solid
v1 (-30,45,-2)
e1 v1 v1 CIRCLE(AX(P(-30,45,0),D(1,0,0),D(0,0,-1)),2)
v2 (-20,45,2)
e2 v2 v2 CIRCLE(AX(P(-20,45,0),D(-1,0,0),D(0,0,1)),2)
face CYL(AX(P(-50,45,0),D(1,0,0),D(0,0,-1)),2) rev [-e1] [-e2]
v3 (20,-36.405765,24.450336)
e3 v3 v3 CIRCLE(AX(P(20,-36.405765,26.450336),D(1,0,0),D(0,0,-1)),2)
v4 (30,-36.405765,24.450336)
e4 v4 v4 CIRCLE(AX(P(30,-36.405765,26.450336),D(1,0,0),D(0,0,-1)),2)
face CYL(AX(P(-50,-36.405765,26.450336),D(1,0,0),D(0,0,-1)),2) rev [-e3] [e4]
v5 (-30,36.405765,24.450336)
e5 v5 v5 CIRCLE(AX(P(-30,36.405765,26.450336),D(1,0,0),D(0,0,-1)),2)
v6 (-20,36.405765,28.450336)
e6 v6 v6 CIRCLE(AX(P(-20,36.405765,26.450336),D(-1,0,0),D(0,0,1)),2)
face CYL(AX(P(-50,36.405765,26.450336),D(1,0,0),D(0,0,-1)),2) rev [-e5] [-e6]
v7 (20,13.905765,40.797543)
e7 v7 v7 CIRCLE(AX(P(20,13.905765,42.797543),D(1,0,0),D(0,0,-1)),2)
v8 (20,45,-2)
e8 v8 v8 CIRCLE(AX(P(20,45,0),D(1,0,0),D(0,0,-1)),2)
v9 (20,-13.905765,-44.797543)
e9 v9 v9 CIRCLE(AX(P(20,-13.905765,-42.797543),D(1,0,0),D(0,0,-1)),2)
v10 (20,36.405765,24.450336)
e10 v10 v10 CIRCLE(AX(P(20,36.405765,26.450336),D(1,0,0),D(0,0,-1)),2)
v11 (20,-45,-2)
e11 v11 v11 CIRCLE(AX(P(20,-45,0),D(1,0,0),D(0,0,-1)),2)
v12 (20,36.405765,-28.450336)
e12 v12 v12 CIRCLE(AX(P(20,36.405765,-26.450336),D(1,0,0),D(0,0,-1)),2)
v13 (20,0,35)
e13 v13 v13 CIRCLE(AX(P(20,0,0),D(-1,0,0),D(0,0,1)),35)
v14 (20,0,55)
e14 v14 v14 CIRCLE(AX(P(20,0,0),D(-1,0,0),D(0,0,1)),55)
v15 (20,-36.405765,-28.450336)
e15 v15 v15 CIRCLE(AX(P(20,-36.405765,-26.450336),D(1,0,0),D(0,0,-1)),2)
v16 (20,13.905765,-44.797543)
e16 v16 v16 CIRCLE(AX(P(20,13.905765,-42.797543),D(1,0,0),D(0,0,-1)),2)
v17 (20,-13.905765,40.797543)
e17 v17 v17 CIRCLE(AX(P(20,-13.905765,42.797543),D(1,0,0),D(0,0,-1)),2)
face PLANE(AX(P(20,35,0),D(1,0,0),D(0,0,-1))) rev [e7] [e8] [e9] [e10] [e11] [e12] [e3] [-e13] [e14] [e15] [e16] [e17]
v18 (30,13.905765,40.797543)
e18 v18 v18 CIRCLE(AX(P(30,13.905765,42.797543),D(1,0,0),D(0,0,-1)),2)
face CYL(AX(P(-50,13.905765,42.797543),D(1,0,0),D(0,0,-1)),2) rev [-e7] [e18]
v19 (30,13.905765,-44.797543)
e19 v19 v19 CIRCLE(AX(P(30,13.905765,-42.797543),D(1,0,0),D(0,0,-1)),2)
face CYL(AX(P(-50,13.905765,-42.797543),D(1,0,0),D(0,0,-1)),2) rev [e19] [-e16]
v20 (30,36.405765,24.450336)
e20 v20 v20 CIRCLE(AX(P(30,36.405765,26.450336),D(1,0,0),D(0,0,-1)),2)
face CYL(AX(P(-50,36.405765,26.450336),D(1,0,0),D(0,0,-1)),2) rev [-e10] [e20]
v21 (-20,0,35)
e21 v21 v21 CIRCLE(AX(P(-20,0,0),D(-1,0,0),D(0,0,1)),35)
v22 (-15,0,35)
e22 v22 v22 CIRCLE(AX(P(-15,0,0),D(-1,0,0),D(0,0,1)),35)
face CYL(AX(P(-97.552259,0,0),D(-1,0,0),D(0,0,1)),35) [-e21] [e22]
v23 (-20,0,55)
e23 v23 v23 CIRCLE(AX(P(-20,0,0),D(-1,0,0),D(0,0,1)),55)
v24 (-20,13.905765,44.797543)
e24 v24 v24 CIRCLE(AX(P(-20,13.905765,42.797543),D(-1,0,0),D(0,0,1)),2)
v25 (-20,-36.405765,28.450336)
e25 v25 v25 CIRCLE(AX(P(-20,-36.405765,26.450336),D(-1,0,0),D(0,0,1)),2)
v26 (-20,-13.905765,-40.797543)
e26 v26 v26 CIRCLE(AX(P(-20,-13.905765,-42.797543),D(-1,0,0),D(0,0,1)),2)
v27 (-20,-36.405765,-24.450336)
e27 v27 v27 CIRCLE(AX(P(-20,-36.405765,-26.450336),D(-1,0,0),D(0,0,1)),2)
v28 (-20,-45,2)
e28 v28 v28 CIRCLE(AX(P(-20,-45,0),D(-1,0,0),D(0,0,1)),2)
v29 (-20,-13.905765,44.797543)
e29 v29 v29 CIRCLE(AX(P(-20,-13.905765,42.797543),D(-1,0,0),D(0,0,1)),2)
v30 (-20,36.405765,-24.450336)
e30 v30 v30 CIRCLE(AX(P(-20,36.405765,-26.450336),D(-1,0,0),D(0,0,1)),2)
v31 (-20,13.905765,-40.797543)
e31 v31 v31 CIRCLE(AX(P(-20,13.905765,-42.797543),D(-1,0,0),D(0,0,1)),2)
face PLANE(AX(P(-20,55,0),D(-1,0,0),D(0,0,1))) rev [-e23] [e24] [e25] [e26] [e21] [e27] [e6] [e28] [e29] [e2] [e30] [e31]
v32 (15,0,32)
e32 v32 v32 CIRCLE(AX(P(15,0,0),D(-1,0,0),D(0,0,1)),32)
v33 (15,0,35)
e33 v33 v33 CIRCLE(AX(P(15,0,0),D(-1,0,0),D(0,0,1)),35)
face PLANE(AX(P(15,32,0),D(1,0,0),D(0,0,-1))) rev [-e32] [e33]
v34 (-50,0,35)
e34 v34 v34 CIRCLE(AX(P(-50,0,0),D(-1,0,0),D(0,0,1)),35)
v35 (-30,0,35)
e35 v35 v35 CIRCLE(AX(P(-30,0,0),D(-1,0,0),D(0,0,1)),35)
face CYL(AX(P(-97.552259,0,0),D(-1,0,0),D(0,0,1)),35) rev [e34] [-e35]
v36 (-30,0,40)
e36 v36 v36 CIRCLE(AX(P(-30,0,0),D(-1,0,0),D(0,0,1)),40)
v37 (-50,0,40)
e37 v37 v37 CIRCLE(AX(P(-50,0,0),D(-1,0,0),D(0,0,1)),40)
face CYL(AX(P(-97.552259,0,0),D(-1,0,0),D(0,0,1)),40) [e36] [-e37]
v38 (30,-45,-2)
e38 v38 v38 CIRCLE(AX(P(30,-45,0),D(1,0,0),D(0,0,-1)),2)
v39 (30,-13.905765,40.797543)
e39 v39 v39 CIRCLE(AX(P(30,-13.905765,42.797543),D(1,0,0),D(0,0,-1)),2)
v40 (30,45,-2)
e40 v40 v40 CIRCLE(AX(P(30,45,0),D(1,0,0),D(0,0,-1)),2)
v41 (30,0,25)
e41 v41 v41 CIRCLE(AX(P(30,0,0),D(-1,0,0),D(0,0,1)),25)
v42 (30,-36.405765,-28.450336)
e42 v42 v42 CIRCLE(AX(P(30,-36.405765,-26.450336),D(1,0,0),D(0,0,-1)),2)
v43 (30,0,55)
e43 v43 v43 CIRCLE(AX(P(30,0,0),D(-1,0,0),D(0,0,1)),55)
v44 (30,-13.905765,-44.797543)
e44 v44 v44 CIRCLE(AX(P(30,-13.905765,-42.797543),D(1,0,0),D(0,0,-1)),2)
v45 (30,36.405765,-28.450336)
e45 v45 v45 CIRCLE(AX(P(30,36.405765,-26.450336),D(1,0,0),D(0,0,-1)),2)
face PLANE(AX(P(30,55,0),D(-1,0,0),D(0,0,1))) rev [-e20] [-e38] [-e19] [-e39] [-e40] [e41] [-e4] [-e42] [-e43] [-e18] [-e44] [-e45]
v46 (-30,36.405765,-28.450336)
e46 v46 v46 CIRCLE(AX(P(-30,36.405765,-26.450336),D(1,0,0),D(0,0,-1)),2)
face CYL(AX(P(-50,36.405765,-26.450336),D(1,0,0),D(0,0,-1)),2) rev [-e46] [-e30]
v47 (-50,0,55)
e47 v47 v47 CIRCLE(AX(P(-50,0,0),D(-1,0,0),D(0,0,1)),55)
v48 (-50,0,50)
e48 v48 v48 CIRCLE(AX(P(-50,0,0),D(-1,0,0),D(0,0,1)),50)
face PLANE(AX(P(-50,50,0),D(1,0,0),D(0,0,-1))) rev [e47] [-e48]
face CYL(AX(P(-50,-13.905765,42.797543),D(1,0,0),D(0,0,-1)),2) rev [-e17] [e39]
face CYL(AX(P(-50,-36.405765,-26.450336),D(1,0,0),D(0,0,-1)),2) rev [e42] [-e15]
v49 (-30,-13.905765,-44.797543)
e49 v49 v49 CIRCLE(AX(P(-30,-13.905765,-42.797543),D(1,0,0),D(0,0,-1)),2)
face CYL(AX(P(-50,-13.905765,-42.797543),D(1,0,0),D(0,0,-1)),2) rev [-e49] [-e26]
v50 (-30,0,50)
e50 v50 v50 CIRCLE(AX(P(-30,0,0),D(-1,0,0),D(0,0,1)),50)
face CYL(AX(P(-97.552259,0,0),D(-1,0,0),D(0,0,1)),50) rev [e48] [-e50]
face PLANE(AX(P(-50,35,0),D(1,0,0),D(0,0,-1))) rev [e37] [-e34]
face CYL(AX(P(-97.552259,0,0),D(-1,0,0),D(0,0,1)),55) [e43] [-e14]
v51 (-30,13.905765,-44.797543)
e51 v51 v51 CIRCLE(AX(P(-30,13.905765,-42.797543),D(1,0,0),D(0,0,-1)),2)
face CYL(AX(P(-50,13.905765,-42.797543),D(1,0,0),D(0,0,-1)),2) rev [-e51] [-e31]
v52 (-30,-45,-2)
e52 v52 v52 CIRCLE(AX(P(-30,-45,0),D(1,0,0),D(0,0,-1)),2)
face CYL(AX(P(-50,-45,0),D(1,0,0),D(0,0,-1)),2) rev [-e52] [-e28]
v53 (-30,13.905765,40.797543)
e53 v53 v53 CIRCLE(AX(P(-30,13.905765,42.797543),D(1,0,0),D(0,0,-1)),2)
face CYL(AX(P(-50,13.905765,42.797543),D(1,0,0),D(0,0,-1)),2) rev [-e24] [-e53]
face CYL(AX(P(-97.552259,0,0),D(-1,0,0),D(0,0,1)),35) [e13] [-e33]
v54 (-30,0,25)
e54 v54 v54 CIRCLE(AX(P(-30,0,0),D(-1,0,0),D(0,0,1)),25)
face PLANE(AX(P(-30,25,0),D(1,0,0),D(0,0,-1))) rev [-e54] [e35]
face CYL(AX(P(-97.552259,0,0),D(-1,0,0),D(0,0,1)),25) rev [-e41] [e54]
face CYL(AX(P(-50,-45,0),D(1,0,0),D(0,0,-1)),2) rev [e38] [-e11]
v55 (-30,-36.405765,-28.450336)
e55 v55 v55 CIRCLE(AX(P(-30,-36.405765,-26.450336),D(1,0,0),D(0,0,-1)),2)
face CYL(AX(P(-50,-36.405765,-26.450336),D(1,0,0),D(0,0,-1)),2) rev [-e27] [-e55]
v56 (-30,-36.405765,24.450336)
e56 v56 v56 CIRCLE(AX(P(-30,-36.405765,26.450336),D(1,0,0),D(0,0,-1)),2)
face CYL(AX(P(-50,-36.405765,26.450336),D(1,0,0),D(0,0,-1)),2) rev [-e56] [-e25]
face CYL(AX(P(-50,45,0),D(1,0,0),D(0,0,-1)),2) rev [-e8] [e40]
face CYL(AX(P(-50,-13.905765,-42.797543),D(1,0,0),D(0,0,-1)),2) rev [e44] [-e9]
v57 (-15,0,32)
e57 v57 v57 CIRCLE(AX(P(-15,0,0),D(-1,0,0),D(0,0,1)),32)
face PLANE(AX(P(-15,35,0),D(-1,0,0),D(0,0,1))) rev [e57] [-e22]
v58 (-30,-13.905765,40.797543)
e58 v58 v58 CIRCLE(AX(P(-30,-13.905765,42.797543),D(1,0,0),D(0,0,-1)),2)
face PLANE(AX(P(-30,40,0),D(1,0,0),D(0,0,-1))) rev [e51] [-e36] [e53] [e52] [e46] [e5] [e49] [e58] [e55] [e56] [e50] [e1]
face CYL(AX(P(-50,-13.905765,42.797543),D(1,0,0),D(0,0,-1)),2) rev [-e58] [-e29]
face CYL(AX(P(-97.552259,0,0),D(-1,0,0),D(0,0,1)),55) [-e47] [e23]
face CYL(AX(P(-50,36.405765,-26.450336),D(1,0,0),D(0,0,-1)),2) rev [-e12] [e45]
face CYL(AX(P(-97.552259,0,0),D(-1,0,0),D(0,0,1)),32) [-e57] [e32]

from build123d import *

# Parameters (mm, degrees)
SKETCH2_R          = 2
CUT_EXTRUDE1_DEPTH = 112.579568022


with BuildPart() as part:
    # Sketch1 → Revolve1 (revolve)
    with BuildSketch(Plane.XY, mode=Mode.PRIVATE) as revolve1_sk:
        Polygon((-30, 25), (-30, 35), (-50, 35), (-50, 40), (-30, 40), (-30, 50), (-50, 50), (-50, 55), (-20, 55), (-20, 35), (-15, 35), (-15, 32), (15, 32), (15, 35), (20, 35), (20, 55), (30, 55), (30, 25), (0, 25), align=None)
    revolve(revolve1_sk.sketch.rotate(Axis((-97.55225871, 0, 0), (1, 0, 0)), 90), axis=Axis((-97.55225871, 0, 0), (1, 0, 0)))

    # Sketch2 → Cut-Extrude1 (cut, through all)
    with BuildSketch(Plane(origin=(30, 0, 0), x_dir=(0, 0, -1), z_dir=(1, 0, 0))):
        with Locations((26.450336353, 36.405764747)):
            Circle(SKETCH2_R)
        with Locations((42.797543233, 13.905764747)):
            Circle(SKETCH2_R)
        with Locations((0, 45)):
            Circle(SKETCH2_R)
        with Locations((42.797543233, -13.905764747)):
            Circle(SKETCH2_R)
        with Locations((26.450336353, -36.405764747)):
            Circle(SKETCH2_R)
        with Locations((0, -45)):
            Circle(SKETCH2_R)
        with Locations((-26.450336353, -36.405764747)):
            Circle(SKETCH2_R)
        with Locations((-42.797543233, -13.905764747)):
            Circle(SKETCH2_R)
        with Locations((-42.797543233, 13.905764747)):
            Circle(SKETCH2_R)
        with Locations((-26.450336353, 36.405764747)):
            Circle(SKETCH2_R)
    extrude(amount=-CUT_EXTRUDE1_DEPTH, mode=Mode.SUBTRACT)


solid = part.part
